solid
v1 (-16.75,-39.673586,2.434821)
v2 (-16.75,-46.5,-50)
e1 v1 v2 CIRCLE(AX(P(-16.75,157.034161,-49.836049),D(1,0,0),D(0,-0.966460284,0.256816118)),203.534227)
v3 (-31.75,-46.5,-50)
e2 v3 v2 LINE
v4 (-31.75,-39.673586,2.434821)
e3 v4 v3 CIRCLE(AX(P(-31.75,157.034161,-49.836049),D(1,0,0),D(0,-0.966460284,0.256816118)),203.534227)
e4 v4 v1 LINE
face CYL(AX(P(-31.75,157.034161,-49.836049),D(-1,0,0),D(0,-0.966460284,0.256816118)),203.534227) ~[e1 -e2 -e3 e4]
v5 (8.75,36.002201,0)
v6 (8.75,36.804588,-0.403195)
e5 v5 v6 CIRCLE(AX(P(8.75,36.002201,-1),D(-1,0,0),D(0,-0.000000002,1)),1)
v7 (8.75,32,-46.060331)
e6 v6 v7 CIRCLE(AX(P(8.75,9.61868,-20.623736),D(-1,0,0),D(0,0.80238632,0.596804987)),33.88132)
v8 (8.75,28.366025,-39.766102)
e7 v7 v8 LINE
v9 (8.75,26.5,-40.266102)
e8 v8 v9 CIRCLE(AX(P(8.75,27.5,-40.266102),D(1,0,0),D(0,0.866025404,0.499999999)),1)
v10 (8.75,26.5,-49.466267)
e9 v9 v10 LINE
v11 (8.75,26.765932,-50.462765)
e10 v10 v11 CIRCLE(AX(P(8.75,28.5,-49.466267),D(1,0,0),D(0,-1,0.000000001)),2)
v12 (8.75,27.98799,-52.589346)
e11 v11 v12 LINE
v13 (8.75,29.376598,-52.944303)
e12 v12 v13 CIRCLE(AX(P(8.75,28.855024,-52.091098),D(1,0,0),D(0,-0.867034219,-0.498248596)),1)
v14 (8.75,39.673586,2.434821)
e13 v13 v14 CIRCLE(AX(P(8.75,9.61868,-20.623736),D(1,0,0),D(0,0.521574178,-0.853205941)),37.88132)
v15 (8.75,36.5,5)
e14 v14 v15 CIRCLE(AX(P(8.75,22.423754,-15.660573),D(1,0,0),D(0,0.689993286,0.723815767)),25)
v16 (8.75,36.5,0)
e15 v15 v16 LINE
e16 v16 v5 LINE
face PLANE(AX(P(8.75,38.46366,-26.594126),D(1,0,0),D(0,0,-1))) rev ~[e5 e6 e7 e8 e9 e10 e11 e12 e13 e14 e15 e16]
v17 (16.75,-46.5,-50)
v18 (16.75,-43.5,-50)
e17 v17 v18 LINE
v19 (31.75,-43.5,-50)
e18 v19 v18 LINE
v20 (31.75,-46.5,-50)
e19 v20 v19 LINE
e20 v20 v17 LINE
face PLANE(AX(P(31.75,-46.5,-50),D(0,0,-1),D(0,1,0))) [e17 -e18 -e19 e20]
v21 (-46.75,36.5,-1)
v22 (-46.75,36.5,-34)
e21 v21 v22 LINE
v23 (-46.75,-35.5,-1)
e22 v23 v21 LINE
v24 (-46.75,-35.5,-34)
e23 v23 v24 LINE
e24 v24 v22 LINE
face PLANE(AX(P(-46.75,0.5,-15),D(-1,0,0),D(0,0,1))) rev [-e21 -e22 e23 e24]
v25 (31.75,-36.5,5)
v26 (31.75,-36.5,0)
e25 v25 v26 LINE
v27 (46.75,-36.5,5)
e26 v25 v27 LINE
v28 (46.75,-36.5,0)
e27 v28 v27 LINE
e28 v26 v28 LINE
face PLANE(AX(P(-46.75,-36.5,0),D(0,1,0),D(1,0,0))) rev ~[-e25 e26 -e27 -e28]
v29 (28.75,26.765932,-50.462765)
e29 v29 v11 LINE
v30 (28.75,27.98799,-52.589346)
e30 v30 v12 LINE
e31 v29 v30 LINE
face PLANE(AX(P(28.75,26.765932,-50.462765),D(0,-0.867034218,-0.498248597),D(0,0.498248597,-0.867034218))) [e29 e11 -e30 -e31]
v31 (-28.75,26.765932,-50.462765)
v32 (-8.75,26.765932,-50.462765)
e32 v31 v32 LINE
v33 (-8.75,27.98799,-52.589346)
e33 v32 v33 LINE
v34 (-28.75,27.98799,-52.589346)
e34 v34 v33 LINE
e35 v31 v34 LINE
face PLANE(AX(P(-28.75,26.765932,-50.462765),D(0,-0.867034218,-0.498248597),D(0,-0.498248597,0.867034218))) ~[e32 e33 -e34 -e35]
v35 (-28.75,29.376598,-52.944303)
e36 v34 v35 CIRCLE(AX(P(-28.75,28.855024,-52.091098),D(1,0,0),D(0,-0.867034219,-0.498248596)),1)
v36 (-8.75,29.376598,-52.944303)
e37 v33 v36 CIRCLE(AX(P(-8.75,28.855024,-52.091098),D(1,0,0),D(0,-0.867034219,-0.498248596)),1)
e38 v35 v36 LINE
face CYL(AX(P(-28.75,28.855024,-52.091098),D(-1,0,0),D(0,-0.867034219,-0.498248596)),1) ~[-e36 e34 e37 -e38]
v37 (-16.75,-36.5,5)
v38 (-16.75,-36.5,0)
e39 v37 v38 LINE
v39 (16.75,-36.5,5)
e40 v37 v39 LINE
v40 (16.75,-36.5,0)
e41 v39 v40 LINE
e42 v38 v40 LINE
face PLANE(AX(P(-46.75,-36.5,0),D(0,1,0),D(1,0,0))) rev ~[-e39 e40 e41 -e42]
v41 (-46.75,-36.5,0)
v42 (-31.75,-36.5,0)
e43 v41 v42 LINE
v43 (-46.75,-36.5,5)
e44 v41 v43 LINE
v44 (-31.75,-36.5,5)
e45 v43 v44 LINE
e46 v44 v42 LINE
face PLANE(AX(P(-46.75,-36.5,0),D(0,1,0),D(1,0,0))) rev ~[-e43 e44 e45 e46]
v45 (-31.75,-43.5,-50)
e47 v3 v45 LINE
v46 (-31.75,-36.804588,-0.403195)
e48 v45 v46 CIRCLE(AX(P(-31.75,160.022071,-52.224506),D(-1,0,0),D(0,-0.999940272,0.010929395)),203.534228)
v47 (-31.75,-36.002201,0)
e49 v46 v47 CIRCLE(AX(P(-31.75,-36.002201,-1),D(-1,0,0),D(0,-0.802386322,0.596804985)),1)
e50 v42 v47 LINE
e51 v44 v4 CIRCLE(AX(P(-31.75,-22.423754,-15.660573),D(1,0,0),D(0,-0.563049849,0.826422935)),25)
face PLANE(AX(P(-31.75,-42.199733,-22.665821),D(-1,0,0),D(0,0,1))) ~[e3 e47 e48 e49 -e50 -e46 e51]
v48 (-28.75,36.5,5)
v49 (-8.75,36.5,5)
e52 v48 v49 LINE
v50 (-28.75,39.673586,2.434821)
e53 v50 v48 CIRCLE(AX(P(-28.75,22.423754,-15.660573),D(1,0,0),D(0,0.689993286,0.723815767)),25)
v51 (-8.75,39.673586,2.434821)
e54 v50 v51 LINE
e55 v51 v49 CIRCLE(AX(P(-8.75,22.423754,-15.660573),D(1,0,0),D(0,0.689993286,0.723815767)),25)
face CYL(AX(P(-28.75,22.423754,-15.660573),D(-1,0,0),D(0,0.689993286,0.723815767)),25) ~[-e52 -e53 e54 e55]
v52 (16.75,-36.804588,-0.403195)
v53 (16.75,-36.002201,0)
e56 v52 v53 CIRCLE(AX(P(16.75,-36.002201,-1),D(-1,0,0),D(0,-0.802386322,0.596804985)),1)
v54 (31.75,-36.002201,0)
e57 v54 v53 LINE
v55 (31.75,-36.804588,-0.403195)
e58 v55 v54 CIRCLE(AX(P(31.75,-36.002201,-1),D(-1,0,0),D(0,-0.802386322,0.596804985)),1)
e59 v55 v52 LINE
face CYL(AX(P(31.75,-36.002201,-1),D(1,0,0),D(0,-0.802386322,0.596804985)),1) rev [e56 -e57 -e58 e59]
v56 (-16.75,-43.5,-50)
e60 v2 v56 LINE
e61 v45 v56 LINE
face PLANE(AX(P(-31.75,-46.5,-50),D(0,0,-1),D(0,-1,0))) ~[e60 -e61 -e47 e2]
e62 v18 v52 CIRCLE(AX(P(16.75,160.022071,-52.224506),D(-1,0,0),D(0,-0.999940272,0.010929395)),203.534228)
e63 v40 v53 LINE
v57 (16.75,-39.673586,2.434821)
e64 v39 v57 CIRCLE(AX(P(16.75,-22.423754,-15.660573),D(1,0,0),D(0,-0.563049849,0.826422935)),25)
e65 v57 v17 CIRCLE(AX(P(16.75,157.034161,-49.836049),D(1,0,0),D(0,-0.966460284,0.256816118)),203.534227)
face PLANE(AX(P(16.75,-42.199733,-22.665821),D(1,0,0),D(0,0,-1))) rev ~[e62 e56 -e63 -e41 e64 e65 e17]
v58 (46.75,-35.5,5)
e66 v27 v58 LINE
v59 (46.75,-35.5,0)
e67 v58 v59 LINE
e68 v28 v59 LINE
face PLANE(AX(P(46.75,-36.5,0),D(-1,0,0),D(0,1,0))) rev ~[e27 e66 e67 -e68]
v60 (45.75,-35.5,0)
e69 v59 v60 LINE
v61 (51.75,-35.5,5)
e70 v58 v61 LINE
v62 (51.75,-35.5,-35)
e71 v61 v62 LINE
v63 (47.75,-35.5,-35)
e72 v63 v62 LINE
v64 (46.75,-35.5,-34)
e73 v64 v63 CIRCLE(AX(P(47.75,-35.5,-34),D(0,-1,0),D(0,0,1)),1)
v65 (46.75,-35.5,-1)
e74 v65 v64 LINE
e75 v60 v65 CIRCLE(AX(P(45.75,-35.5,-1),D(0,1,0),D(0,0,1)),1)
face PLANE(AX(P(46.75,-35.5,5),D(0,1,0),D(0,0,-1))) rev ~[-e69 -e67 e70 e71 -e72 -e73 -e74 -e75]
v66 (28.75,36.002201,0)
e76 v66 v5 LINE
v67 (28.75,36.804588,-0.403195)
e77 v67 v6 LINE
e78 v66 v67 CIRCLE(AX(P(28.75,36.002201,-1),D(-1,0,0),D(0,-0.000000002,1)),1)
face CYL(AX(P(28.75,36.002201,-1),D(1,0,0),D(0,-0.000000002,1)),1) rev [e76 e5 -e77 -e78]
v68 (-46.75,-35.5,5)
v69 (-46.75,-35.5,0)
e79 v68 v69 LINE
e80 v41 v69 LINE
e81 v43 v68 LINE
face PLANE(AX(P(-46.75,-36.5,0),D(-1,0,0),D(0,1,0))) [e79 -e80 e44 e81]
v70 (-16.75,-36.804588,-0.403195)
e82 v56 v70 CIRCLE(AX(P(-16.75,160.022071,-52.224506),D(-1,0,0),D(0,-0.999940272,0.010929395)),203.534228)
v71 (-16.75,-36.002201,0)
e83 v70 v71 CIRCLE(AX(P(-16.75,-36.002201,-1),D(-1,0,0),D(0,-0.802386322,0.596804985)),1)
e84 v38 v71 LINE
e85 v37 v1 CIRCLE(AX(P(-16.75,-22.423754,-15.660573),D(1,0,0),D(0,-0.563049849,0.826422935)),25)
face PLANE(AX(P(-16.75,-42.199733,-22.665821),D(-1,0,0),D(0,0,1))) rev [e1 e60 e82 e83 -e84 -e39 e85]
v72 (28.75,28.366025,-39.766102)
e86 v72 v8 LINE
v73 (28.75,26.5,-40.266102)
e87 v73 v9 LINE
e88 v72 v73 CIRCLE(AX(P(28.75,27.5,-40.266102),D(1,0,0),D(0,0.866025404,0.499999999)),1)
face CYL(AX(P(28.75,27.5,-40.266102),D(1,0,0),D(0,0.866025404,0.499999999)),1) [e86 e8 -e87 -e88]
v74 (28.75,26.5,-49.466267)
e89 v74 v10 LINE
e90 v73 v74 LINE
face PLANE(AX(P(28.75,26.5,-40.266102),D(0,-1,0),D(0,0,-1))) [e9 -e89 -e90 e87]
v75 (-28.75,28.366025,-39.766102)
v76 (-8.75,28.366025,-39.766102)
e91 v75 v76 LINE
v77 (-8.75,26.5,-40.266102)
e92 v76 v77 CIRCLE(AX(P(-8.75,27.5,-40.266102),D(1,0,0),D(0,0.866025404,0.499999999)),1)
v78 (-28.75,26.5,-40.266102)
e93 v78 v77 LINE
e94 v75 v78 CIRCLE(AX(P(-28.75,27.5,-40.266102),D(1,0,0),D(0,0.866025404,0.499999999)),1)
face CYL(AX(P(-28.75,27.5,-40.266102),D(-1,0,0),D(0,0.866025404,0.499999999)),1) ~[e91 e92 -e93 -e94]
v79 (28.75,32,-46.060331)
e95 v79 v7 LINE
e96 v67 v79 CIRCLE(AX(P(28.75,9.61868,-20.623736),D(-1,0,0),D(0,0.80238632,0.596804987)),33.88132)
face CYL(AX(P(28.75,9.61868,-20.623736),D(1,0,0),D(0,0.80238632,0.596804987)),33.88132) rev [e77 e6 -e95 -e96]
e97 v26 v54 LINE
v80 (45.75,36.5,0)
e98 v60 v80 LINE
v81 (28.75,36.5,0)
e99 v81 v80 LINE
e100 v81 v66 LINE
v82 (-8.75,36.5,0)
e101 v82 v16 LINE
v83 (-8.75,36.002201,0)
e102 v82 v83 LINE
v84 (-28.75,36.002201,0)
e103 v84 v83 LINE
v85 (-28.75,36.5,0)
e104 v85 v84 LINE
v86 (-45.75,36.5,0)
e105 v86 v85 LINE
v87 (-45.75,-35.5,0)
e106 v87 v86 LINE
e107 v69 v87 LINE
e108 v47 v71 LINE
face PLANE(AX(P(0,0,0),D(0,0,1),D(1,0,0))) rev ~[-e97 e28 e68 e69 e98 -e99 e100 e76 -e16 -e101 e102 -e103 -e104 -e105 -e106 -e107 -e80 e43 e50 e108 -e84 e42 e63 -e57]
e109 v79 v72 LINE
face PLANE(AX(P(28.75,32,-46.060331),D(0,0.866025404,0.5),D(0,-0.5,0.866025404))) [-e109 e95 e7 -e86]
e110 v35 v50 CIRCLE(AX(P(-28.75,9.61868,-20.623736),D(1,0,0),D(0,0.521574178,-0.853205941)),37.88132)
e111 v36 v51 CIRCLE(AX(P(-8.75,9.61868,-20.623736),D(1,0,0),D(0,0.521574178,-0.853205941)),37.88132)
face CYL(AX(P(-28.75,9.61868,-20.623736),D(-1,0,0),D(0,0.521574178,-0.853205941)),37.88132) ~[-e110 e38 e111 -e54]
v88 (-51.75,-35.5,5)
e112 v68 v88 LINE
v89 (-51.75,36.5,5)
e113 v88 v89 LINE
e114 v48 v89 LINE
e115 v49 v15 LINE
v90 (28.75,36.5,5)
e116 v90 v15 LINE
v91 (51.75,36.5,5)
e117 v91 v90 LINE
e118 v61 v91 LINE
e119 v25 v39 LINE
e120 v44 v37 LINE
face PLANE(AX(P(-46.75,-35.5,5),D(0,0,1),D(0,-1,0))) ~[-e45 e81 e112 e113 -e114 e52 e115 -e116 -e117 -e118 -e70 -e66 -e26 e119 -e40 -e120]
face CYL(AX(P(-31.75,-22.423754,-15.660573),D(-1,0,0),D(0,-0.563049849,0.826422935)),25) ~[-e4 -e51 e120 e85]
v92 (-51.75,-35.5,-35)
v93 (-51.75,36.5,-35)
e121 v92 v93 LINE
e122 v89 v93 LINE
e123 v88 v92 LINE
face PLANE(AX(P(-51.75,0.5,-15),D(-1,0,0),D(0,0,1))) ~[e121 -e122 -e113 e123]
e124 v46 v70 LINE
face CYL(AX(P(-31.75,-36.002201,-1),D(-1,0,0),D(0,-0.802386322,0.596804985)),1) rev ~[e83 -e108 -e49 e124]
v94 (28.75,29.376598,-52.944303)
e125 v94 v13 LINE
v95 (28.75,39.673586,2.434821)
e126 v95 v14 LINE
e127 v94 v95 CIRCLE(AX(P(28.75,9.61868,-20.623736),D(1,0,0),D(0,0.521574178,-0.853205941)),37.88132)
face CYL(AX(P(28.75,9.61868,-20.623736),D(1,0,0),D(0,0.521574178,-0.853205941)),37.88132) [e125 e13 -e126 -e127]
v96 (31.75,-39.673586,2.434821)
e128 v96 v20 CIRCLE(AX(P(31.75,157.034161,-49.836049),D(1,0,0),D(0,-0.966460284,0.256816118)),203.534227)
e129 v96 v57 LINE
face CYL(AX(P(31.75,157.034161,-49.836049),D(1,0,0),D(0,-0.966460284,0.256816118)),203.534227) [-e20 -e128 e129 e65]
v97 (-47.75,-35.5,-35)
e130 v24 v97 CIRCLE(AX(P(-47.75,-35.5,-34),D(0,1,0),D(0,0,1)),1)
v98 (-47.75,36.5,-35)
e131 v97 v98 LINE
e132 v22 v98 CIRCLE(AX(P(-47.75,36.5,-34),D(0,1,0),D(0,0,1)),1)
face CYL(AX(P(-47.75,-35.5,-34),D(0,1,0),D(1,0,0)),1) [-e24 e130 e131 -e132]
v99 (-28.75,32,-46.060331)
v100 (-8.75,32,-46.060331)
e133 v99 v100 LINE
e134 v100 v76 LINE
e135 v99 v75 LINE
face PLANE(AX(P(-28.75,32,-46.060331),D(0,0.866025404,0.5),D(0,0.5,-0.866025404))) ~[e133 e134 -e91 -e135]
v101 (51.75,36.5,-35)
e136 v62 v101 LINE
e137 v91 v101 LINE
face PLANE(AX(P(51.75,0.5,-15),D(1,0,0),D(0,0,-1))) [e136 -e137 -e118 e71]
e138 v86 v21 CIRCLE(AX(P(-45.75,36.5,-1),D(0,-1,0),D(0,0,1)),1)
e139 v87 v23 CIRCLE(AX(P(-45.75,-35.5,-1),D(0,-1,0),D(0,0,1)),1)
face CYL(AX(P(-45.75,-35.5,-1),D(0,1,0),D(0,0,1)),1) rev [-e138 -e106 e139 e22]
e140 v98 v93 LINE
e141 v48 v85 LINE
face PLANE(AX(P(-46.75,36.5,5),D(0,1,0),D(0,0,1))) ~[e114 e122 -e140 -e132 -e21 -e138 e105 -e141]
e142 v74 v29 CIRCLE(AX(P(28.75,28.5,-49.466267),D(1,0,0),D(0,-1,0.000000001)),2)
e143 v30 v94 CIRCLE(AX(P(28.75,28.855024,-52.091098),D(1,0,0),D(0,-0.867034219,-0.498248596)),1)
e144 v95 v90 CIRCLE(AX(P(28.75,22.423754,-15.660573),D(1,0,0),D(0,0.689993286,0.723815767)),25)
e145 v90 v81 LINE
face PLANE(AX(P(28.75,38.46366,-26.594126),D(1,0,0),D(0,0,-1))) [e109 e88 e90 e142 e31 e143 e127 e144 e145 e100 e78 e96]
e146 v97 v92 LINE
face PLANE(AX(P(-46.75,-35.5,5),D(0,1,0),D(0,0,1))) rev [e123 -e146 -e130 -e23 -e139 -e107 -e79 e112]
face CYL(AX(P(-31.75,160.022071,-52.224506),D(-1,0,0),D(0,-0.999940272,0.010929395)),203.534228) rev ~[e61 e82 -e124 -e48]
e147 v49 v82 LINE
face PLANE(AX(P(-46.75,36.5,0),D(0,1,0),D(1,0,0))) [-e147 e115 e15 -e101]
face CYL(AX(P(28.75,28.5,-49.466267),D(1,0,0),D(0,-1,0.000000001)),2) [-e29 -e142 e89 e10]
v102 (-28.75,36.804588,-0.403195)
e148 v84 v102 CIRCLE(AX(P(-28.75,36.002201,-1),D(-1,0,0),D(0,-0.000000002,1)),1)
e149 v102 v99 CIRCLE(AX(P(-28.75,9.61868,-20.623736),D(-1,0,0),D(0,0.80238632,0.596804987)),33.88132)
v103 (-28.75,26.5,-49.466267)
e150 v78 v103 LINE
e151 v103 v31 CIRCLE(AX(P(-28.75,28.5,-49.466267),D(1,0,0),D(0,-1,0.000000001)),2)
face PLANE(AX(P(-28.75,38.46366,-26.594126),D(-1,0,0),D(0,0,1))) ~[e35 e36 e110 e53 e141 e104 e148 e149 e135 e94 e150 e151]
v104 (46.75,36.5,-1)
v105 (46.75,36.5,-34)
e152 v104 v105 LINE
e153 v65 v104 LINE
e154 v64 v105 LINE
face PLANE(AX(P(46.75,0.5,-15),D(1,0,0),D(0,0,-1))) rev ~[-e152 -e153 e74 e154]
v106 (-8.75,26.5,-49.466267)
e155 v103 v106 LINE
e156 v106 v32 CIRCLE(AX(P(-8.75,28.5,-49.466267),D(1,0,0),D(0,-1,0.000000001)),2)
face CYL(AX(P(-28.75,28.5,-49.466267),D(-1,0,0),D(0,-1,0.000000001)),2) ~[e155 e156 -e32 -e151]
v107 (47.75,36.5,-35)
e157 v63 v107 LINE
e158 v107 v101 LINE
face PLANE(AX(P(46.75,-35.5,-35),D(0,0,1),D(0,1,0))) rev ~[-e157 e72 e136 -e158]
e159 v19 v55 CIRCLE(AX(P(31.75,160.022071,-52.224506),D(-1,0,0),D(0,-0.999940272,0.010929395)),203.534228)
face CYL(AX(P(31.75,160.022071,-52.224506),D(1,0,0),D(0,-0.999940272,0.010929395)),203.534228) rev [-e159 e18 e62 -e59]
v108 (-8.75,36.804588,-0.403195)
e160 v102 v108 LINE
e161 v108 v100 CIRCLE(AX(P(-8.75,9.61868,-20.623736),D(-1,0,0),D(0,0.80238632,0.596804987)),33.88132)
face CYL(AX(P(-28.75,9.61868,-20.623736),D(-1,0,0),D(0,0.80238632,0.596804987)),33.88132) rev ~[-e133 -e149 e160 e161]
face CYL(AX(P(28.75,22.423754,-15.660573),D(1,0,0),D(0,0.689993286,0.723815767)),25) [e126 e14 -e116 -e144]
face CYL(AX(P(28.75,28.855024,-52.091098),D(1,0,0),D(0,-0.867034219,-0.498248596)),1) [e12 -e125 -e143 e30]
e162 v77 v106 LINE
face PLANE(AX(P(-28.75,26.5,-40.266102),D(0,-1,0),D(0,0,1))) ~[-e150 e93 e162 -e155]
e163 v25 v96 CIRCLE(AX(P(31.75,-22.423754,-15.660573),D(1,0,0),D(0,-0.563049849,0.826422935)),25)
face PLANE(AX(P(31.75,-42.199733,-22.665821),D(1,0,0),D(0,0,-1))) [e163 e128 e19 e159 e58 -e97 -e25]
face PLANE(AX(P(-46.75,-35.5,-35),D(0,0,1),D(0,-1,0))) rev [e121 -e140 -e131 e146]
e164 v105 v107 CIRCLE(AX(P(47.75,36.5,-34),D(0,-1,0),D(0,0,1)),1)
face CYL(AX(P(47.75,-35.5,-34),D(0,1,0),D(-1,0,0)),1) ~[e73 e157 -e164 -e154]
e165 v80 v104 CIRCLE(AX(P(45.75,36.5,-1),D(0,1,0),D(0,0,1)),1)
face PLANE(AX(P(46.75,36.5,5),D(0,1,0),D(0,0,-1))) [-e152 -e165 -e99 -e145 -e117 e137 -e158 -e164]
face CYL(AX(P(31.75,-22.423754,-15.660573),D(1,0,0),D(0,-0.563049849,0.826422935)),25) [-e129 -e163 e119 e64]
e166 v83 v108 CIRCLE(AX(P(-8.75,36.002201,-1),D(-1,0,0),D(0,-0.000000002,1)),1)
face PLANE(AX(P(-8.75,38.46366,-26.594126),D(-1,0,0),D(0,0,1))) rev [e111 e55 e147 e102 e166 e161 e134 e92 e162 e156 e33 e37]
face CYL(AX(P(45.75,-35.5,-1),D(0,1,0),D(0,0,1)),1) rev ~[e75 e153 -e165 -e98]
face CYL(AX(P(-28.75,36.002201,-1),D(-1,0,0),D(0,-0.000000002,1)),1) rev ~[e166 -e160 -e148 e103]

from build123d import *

# Parameters (mm, degrees)
SKETCH1_W           = 93.5
SKETCH1_H           = 73
BOSS_EXTRUDE1_DEPTH = 5
BOSS_EXTRUDE3_START = -18
BOSS_EXTRUDE3_DEPTH = 20
SKETCH3_W           = 40
SKETCH3_H           = 72
BOSS_EXTRUDE4_DEPTH = 5
FILLET2_R           = 1
BOSS_EXTRUDE5_START = -15
BOSS_EXTRUDE5_DEPTH = 15


with BuildPart() as part:
    # Sketch1 → Boss-Extrude1 (new body)
    with BuildSketch(Plane.XY):
        Rectangle(SKETCH1_W, SKETCH1_H)
    extrude(amount=BOSS_EXTRUDE1_DEPTH)

    # Sketch2 → Boss-Extrude3 (add)
    with BuildSketch(Plane(origin=(46.75, 0, 0), x_dir=(0, 0, -1), z_dir=(1, 0, 0)).offset(BOSS_EXTRUDE3_START)):
        with BuildLine():
            ThreePointArc((-2.434820811, 39.673585924), (-3.782270226, 38.139218536), (-5, 36.5))
            Line((-5, 36.5), (0, 36.5))
            Line((0, 36.5), (0, 36.002201306))
            ThreePointArc((0, 36.002201306), (0.106466288, 36.451197416), (0.403195013, 36.804587627))
            ThreePointArc((0.403195013, 36.804587627), (24.169553289, 43.313947092), (46.060330973, 32))
            Line((46.060330973, 32), (39.766102339, 28.366025404))
            ThreePointArc((39.766102339, 28.366025404), (39.300176512, 27.241180955), (40.266102339, 26.5))
            Line((40.266102339, 26.5), (49.466267311, 26.5))
            ThreePointArc((49.466267311, 26.5), (49.981952839, 26.567626217), (50.462764505, 26.765931563))
            Line((50.462764505, 26.765931563), (52.589346112, 27.987989793))
            ThreePointArc((52.589346112, 27.987989793), (53.05994511, 28.607366306), (52.944303456, 29.376598189))
            ThreePointArc((52.944303456, 29.376598189), (27.548560845, 46.861682099), (-2.434820811, 39.673585924))
        make_face()
    boss_extrude3 = extrude(amount=-BOSS_EXTRUDE3_DEPTH)

    # Mirror1: Boss-Extrude3 across plane
    add(boss_extrude3.mirror(Plane(origin=(0, 0, 0), x_dir=(0, 0, 1), z_dir=(1, 0, 0))))

    # Sketch3 → Boss-Extrude4 (add)
    with BuildSketch(Plane(origin=(46.75, 0, 0), x_dir=(0, 0, -1), z_dir=(1, 0, 0))):
        with Locations((15, 0.5)):
            Rectangle(SKETCH3_W, SKETCH3_H)
    boss_extrude4 = extrude(amount=BOSS_EXTRUDE4_DEPTH)

    # Mirror3: Boss-Extrude4 across plane
    add(boss_extrude4.mirror(Plane(origin=(0, 0, 0), x_dir=(0, 0, 1), z_dir=(1, 0, 0))))

    # Fillet2
    fillet2_edges = [part.edges().sort_by_distance(p)[0] for p in [
        (46.75, 0.5, -35),
        (-46.75, 0.5, -35),
        (-46.75, 0.5, 0),
        (46.75, 0.5, 0),
    ]]
    fillet(fillet2_edges, radius=FILLET2_R)

    # Sketch2<5> → Boss-Extrude5 (add)
    with BuildSketch(Plane(origin=(46.75, 0, 0), x_dir=(0, 0, -1), z_dir=(1, 0, 0)).offset(BOSS_EXTRUDE5_START)):
        with BuildLine():
            ThreePointArc((0.403195013, -36.804587627), (0.106466288, -36.451197416), (0, -36.002201306))
            Line((0, -36.002201306), (0, -36.5))
            Line((0, -36.5), (-5, -36.5))
            ThreePointArc((-5, -36.5), (-3.782270226, -38.139218536), (-2.434820811, -39.673585924))
            ThreePointArc((-2.434820811, -39.673585924), (23.559962361, -44.796829736), (50, -46.5))
            Line((50, -46.5), (50, -43.5))
            ThreePointArc((50, -43.5), (24.995023445, -41.682507765), (0.403195013, -36.804587627))
        make_face()
    boss_extrude5 = extrude(amount=-BOSS_EXTRUDE5_DEPTH)

    # Mirror4: Boss-Extrude5 across plane
    add(boss_extrude5.mirror(Plane(origin=(0, 0, 0), x_dir=(0, 0, 1), z_dir=(1, 0, 0))))


solid = part.part
